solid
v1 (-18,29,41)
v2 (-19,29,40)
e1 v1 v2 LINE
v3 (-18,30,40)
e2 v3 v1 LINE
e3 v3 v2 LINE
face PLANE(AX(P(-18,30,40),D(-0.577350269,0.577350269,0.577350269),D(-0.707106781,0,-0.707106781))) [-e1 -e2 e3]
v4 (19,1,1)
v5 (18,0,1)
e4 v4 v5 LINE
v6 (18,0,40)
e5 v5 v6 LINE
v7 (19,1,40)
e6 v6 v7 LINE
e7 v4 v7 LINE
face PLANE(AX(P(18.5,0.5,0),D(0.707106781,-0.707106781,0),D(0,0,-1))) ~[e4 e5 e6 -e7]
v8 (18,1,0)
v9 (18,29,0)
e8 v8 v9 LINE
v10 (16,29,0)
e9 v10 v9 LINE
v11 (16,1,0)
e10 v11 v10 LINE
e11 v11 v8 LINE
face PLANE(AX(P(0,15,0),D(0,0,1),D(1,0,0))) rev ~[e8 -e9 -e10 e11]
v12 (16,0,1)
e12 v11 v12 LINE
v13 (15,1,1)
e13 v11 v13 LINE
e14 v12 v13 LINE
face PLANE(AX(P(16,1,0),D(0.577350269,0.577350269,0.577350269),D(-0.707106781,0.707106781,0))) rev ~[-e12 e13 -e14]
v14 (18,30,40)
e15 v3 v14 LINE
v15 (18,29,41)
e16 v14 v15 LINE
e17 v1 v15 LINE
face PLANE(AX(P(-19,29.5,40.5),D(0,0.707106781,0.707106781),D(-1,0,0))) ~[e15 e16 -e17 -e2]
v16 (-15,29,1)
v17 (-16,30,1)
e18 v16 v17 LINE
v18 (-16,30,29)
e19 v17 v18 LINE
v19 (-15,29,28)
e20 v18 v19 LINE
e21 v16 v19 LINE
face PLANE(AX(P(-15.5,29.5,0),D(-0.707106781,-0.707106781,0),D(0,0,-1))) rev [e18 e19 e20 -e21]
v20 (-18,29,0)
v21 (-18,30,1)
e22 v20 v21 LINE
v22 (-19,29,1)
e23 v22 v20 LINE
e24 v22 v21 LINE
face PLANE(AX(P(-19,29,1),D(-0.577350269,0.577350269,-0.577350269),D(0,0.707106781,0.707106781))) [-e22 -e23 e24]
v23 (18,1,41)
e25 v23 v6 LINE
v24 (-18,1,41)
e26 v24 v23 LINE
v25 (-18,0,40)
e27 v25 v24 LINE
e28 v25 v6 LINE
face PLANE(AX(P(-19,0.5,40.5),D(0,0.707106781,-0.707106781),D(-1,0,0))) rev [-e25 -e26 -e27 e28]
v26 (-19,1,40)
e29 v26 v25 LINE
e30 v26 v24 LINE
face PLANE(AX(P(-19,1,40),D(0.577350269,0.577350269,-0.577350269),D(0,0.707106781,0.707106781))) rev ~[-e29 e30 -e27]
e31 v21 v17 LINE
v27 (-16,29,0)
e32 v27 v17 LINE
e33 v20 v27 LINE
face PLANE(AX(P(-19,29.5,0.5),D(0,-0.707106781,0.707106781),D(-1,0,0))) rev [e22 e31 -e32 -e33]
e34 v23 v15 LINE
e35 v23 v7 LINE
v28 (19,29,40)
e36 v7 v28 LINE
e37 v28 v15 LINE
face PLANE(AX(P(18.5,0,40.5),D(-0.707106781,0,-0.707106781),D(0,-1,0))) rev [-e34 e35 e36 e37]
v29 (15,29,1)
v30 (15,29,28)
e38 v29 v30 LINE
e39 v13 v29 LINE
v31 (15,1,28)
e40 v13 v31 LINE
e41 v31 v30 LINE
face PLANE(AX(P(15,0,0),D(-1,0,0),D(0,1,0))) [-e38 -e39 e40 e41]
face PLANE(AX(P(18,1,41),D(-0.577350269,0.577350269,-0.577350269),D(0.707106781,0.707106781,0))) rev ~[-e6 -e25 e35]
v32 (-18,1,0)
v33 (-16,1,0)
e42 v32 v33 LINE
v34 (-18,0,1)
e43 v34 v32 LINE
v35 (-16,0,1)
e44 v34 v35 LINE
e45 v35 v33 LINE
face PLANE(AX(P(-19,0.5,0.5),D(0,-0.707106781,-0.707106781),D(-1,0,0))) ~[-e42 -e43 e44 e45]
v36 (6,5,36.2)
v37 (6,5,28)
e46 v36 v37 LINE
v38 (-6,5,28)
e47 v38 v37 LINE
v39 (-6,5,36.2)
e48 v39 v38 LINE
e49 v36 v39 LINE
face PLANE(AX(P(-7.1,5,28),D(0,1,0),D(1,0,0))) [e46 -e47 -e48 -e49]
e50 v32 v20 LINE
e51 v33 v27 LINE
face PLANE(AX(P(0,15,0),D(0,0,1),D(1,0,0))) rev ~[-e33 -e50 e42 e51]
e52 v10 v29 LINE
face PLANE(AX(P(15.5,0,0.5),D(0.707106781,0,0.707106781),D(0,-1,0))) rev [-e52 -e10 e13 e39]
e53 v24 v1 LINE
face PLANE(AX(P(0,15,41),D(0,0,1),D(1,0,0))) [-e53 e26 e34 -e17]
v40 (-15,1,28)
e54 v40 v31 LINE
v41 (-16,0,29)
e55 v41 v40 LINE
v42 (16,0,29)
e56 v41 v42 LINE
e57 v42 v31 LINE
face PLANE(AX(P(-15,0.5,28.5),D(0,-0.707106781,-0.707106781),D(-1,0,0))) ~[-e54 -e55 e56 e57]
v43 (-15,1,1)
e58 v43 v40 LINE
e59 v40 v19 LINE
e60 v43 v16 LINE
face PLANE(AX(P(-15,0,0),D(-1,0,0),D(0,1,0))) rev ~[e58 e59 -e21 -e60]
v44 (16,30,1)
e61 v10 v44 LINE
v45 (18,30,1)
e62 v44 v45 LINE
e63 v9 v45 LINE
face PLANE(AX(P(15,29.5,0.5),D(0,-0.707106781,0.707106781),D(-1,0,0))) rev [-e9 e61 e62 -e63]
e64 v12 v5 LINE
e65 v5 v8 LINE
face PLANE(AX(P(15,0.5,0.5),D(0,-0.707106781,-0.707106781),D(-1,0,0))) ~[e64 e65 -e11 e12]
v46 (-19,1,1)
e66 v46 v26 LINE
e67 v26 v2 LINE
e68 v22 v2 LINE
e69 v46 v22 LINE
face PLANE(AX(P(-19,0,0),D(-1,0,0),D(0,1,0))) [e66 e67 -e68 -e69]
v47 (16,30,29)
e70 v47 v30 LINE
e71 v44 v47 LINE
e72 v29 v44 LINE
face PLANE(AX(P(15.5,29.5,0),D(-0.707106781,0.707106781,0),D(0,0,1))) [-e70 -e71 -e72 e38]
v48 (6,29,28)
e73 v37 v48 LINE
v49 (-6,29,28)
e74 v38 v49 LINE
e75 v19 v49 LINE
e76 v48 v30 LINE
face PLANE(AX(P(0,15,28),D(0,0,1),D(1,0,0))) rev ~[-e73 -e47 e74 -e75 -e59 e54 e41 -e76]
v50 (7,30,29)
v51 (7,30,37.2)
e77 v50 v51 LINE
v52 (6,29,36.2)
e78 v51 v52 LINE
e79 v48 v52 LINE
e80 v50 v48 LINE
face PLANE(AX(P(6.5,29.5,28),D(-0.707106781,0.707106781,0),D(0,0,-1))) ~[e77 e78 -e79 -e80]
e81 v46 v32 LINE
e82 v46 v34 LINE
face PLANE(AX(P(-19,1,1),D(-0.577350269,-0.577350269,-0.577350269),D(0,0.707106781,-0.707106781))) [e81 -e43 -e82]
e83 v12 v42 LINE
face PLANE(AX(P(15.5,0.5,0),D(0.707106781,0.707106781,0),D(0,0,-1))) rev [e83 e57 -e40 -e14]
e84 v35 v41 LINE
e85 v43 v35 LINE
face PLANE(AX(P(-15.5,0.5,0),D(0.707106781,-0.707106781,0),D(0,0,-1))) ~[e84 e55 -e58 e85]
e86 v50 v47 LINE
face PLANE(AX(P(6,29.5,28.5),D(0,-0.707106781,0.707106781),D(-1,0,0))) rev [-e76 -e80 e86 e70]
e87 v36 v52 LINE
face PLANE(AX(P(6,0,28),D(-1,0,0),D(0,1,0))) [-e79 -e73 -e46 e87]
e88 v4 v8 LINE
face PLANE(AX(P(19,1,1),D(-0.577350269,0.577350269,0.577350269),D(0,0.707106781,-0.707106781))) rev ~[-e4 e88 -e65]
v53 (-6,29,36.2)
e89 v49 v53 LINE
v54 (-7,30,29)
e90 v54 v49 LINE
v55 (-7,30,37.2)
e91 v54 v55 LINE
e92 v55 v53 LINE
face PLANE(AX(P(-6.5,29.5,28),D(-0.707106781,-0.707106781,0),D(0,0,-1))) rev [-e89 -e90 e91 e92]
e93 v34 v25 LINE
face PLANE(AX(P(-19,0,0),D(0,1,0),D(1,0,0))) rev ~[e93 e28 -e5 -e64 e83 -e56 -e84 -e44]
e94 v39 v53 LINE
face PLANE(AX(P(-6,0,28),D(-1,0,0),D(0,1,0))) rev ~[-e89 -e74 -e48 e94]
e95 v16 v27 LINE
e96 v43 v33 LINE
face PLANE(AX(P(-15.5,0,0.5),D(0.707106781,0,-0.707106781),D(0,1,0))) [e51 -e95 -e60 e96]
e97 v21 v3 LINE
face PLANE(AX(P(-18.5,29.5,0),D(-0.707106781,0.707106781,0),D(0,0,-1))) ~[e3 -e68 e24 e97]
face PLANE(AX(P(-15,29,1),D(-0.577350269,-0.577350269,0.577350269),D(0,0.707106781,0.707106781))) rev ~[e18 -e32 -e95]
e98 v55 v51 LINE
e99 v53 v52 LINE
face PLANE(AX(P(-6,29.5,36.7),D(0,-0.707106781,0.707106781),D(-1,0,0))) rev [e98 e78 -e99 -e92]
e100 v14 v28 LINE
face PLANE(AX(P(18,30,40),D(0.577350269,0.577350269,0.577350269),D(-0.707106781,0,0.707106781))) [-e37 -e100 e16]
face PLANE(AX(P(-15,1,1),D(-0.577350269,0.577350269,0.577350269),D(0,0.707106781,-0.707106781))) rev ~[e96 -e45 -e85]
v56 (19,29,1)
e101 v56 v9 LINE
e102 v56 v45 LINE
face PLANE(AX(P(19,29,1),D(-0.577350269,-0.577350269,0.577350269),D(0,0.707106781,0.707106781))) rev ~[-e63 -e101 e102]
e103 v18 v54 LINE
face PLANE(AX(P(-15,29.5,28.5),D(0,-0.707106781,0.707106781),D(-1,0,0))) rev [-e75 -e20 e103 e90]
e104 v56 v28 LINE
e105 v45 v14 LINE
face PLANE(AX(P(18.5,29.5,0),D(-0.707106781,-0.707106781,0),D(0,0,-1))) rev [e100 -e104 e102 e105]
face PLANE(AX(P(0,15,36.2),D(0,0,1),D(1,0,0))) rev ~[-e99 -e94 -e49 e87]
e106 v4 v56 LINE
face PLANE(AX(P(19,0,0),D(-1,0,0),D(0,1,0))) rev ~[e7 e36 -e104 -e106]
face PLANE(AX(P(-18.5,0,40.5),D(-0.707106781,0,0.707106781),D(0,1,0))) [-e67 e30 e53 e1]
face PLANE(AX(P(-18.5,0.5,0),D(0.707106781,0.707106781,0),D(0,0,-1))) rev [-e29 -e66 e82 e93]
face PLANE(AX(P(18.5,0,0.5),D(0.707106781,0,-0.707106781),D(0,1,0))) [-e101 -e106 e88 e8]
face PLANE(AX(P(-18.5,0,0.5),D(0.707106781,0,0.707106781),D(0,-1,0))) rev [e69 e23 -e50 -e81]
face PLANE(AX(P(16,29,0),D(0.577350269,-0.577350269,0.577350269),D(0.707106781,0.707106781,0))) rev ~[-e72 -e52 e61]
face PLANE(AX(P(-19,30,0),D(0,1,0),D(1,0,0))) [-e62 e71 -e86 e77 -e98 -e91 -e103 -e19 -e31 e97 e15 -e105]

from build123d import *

# Parameters (mm, degrees)
BOX003_W     = 14.2
BOX003_H     = 5
BOX003_DEPTH = 10.2
BOX005_W     = 30
BOX005_H     = 30
BOX005_DEPTH = 28
BOX006_W     = 12
BOX006_H     = 30
BOX006_DEPTH = 8.2
BOX007_W     = 38
BOX007_H     = 30
BOX007_DEPTH = 41
CHAMFER_SIZE = 1


with BuildPart() as cube003:
    # Box003 → Box003 (new body)
    with BuildSketch(Plane(origin=(-7.1, 0, 28), x_dir=(1, 0, 0), z_dir=(0, 0, 1))):
        with Locations((7.1, 2.5)):
            Rectangle(BOX003_W, BOX003_H)
    extrude(amount=BOX003_DEPTH)


with BuildPart() as cube005:
    # Box005 → Box005 (new body)
    with BuildSketch(Plane(origin=(-15, 0, 0), x_dir=(1, 0, 0), z_dir=(0, 0, 1))):
        with Locations((15, 15)):
            Rectangle(BOX005_W, BOX005_H)
    extrude(amount=BOX005_DEPTH)


with BuildPart() as fusion:
    # Box006 → Box006 (new body)
    with BuildSketch(Plane(origin=(-6, 0, 28), x_dir=(1, 0, 0), z_dir=(0, 0, 1))):
        with Locations((6, 15)):
            Rectangle(BOX006_W, BOX006_H)
    extrude(amount=BOX006_DEPTH)

    # Fusion: union Cube005
    add(cube005.part)


with BuildPart() as f_3030_5mm_spc:
    # Box007 → Box007 (new body)
    with BuildSketch(Plane(origin=(-19, 0, 0), x_dir=(1, 0, 0), z_dir=(0, 0, 1))):
        with Locations((19, 15)):
            Rectangle(BOX007_W, BOX007_H)
    extrude(amount=BOX007_DEPTH)

    # Cut: cut Fusion
    add(fusion.part, mode=Mode.SUBTRACT)

    # Fusion003: union Cube003
    add(cube003.part)

    # Chamfer
    chamfer_edges = [f_3030_5mm_spc.edges().sort_by_distance(p)[0] for p in [
        (-6.55, 0, 28),
        (6.55, 0, 28),
        (0, 0, 28),
        (-17, 0, 0),
        (-15, 0, 14),
        (-11.05, 0, 28),
        (11.05, 0, 28),
        (15, 0, 14),
        (17, 0, 0),
        (19, 0, 20.5),
        (0, 0, 41),
        (-19, 0, 20.5),
        (-10.5, 30, 28),
        (10.5, 30, 28),
        (-17, 30, 0),
        (-15, 15, 0),
        (-19, 15, 0),
        (-15, 30, 14),
        (15, 30, 14),
        (15, 15, 0),
        (17, 30, 0),
        (19, 15, 0),
        (19, 15, 41),
        (19, 30, 20.5),
        (-19, 15, 41),
        (0, 30, 41),
        (-19, 30, 20.5),
        (-6, 30, 32.1),
        (0, 30, 36.2),
        (6, 30, 32.1),
    ]]
    chamfer(chamfer_edges, length=CHAMFER_SIZE)


solid = f_3030_5mm_spc.part
